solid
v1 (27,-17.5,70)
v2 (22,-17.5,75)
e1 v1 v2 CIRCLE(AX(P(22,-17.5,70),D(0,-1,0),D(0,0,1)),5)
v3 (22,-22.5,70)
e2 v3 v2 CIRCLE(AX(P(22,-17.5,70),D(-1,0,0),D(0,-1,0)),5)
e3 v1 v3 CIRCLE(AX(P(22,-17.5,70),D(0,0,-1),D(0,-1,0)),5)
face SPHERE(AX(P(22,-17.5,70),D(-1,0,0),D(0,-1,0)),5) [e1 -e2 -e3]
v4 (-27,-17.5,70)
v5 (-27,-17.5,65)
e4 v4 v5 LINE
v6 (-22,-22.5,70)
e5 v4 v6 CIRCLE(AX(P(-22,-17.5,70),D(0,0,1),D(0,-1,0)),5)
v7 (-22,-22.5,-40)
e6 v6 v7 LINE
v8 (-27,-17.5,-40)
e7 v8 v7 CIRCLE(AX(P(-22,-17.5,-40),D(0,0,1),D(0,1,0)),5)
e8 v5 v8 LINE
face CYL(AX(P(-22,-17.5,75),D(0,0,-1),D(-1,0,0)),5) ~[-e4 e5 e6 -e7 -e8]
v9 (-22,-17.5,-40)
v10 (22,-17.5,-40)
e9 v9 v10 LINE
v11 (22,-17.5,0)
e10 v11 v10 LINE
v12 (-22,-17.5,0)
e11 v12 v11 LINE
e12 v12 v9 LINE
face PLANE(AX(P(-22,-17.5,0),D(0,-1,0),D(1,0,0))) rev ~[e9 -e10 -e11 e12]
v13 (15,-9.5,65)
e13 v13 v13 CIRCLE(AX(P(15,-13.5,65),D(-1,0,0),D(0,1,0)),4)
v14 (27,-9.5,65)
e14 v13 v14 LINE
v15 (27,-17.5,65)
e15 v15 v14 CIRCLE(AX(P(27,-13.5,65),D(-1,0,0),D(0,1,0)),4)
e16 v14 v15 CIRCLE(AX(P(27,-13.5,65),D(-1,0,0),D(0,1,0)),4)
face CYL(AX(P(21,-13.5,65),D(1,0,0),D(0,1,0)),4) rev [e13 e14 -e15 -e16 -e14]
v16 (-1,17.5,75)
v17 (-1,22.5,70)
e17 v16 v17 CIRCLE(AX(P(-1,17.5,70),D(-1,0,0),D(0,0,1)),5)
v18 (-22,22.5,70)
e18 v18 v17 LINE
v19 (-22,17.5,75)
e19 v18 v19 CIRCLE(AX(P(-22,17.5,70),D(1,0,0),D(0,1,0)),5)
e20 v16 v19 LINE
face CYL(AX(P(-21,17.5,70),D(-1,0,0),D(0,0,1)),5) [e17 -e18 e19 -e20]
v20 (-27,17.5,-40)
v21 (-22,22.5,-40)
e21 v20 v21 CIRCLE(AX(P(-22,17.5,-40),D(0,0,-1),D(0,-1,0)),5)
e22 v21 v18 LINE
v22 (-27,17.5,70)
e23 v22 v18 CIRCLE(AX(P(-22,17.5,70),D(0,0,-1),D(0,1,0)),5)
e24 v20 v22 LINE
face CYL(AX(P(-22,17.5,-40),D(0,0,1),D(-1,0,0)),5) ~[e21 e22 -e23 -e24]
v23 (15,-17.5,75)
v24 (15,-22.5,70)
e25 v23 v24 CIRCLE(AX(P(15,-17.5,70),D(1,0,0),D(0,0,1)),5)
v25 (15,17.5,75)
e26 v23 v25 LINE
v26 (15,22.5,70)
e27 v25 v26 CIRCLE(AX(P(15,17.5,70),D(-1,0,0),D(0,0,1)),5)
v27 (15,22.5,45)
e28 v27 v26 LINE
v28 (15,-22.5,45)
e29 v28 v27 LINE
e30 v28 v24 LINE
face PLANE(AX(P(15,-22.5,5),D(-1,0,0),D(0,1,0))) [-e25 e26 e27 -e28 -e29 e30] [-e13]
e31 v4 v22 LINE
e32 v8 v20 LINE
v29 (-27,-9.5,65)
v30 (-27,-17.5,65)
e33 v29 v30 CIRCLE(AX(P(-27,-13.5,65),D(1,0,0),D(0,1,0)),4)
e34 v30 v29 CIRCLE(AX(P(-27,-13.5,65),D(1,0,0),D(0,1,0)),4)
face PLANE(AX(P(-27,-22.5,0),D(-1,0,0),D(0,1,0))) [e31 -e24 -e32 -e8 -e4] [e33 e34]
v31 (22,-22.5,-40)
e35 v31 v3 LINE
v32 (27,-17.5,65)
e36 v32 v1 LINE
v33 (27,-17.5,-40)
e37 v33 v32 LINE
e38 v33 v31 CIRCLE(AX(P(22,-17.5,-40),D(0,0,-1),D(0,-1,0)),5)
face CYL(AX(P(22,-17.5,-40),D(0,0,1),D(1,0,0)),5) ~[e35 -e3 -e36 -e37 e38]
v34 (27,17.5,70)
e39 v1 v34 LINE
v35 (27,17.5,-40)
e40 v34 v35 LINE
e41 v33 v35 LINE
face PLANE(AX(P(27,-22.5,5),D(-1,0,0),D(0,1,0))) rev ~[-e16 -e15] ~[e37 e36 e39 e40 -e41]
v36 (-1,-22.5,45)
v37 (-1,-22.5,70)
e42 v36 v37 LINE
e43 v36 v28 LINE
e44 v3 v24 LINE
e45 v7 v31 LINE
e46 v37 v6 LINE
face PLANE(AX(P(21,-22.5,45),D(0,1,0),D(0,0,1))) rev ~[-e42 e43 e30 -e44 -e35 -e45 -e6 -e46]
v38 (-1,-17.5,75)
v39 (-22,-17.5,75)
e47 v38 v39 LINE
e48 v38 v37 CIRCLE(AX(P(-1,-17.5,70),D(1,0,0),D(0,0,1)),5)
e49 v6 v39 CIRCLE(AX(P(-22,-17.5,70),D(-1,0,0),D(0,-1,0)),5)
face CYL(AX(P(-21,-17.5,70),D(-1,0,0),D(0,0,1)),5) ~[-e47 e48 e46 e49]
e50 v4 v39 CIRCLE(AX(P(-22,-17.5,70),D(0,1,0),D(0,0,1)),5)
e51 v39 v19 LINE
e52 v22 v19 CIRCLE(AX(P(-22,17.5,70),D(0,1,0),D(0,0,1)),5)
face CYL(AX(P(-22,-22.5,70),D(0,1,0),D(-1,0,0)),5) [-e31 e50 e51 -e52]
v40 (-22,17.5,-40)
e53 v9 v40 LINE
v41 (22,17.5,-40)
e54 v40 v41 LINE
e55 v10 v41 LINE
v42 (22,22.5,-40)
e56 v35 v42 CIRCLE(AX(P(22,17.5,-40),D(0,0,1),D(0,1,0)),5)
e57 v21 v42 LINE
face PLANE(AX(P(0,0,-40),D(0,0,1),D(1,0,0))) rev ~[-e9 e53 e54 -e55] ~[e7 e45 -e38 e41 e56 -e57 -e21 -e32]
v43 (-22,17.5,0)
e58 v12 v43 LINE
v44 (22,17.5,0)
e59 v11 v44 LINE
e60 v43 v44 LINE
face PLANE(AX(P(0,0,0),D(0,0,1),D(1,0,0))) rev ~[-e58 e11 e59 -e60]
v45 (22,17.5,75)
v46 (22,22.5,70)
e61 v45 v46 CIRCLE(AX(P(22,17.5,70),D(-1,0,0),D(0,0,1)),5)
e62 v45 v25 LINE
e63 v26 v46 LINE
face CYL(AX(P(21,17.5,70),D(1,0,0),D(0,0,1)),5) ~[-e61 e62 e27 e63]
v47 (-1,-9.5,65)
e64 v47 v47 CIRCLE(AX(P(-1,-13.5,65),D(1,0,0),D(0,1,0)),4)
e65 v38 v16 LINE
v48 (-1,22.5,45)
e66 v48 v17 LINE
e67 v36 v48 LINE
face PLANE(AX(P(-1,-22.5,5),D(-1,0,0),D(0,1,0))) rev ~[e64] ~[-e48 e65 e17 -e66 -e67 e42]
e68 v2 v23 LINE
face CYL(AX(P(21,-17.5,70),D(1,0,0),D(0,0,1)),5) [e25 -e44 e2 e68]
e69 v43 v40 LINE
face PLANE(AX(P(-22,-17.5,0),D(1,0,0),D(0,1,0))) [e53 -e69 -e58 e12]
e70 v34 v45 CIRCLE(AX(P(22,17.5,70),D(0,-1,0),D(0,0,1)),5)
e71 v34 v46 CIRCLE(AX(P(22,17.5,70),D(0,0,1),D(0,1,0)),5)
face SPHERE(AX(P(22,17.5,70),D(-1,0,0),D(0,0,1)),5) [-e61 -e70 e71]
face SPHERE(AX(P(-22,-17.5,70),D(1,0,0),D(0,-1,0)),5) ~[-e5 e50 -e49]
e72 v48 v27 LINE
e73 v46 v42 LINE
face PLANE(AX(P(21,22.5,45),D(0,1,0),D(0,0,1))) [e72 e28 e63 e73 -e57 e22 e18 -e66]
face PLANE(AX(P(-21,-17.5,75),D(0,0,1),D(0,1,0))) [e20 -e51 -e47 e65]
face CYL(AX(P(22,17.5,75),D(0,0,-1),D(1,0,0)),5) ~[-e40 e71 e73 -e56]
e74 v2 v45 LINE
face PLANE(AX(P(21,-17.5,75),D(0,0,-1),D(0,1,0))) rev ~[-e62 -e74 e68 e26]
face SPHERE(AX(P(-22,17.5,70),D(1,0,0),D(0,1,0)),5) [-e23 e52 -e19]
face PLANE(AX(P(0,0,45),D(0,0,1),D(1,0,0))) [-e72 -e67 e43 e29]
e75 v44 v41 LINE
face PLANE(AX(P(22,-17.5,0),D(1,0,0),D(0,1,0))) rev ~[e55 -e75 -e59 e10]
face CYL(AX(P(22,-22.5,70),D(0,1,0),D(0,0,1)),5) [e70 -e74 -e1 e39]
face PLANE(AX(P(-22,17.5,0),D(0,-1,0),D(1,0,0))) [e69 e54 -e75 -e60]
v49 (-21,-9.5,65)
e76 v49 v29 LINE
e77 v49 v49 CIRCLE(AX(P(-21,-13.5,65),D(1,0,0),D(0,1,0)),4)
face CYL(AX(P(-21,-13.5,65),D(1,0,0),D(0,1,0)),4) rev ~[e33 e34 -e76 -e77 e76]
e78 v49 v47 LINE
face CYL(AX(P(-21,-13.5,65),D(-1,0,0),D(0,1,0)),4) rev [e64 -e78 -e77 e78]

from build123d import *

# Parameters (mm, degrees)
F0_W          = 54
F0_H          = 45
F0_W_2        = 44
F0_H_2        = 35
F1_DEPTH      = 40
F2_DEPTH      = 5
F3_W          = 6
F3_H          = 45
F4_DEPTH      = 70
F6_R          = 5
F7_DEPTH      = 40
F5_R          = 4
F8_DEPTH      = 48.001
F8_DEPTH_BACK = 25
F9_DEPTH      = 20
F10_DEPTH     = 6


with BuildPart() as f1:
    # F0 (on Top) → F1 (new body)
    with BuildSketch(Plane.XY):
        Rectangle(F0_W, F0_H)
        Rectangle(F0_W_2, F0_H_2, mode=Mode.SUBTRACT)
    extrude(amount=-F1_DEPTH)

    # F0 (on Top) → F2 (join)
    with BuildSketch(Plane.XY):
        Rectangle(F0_W, F0_H)
        Rectangle(F0_W_2, F0_H_2, mode=Mode.SUBTRACT)
        Rectangle(F0_W_2, F0_H_2)
    extrude(amount=F2_DEPTH)

    # F3 (on face) → F4 (join)
    with BuildSketch(Plane.XY.offset(5)):
        with Locations((24, 0)):
            Rectangle(F3_W, F3_H)
        with Locations((-24, 0)):
            Rectangle(F3_W, F3_H)
    extrude(amount=F4_DEPTH)

    # F6
    f6_edges = [f1.edges().sort_by_distance(p)[0] for p in [
        (-24, -22.5, 75),
        (-24, 22.5, 75),
        (24, -22.5, 75),
        (24, 22.5, 75),
        (27, -22.5, 17.5),
        (27, 0, 75),
        (27, 22.5, 17.5),
        (-27, -22.5, 17.5),
        (-27, 22.5, 17.5),
        (-27, 0, 75),
    ]]
    fillet(f6_edges, radius=F6_R)

    # F7 (add): a face of the model
    f7_faces = [f1.faces().sort_by_distance(p)[0] for p in [
        (0, 0, 5),
    ]]
    extrude(f7_faces, amount=F7_DEPTH)

    # F5 (on face) → F8 (cut, two sides)
    with BuildSketch(Plane.YZ.offset(-21)) as f8_sk:
        with Locations((-13.5, 65)):
            Circle(F5_R)
    extrude(amount=F8_DEPTH, mode=Mode.SUBTRACT)
    extrude(f8_sk.sketch, amount=-F8_DEPTH_BACK, mode=Mode.SUBTRACT)

    # F9 (add): a face of the model
    f9_faces = [f1.faces().sort_by_distance(p)[0] for p in [
        (-21, 0.526440406, 59.6894541328),
    ]]
    extrude(f9_faces, amount=F9_DEPTH)

    # F10 (add): a face of the model
    f10_faces = [f1.faces().sort_by_distance(p)[0] for p in [
        (21, 0.526440406, 59.6894541328),
    ]]
    extrude(f10_faces, amount=F10_DEPTH)


solid = f1.part
